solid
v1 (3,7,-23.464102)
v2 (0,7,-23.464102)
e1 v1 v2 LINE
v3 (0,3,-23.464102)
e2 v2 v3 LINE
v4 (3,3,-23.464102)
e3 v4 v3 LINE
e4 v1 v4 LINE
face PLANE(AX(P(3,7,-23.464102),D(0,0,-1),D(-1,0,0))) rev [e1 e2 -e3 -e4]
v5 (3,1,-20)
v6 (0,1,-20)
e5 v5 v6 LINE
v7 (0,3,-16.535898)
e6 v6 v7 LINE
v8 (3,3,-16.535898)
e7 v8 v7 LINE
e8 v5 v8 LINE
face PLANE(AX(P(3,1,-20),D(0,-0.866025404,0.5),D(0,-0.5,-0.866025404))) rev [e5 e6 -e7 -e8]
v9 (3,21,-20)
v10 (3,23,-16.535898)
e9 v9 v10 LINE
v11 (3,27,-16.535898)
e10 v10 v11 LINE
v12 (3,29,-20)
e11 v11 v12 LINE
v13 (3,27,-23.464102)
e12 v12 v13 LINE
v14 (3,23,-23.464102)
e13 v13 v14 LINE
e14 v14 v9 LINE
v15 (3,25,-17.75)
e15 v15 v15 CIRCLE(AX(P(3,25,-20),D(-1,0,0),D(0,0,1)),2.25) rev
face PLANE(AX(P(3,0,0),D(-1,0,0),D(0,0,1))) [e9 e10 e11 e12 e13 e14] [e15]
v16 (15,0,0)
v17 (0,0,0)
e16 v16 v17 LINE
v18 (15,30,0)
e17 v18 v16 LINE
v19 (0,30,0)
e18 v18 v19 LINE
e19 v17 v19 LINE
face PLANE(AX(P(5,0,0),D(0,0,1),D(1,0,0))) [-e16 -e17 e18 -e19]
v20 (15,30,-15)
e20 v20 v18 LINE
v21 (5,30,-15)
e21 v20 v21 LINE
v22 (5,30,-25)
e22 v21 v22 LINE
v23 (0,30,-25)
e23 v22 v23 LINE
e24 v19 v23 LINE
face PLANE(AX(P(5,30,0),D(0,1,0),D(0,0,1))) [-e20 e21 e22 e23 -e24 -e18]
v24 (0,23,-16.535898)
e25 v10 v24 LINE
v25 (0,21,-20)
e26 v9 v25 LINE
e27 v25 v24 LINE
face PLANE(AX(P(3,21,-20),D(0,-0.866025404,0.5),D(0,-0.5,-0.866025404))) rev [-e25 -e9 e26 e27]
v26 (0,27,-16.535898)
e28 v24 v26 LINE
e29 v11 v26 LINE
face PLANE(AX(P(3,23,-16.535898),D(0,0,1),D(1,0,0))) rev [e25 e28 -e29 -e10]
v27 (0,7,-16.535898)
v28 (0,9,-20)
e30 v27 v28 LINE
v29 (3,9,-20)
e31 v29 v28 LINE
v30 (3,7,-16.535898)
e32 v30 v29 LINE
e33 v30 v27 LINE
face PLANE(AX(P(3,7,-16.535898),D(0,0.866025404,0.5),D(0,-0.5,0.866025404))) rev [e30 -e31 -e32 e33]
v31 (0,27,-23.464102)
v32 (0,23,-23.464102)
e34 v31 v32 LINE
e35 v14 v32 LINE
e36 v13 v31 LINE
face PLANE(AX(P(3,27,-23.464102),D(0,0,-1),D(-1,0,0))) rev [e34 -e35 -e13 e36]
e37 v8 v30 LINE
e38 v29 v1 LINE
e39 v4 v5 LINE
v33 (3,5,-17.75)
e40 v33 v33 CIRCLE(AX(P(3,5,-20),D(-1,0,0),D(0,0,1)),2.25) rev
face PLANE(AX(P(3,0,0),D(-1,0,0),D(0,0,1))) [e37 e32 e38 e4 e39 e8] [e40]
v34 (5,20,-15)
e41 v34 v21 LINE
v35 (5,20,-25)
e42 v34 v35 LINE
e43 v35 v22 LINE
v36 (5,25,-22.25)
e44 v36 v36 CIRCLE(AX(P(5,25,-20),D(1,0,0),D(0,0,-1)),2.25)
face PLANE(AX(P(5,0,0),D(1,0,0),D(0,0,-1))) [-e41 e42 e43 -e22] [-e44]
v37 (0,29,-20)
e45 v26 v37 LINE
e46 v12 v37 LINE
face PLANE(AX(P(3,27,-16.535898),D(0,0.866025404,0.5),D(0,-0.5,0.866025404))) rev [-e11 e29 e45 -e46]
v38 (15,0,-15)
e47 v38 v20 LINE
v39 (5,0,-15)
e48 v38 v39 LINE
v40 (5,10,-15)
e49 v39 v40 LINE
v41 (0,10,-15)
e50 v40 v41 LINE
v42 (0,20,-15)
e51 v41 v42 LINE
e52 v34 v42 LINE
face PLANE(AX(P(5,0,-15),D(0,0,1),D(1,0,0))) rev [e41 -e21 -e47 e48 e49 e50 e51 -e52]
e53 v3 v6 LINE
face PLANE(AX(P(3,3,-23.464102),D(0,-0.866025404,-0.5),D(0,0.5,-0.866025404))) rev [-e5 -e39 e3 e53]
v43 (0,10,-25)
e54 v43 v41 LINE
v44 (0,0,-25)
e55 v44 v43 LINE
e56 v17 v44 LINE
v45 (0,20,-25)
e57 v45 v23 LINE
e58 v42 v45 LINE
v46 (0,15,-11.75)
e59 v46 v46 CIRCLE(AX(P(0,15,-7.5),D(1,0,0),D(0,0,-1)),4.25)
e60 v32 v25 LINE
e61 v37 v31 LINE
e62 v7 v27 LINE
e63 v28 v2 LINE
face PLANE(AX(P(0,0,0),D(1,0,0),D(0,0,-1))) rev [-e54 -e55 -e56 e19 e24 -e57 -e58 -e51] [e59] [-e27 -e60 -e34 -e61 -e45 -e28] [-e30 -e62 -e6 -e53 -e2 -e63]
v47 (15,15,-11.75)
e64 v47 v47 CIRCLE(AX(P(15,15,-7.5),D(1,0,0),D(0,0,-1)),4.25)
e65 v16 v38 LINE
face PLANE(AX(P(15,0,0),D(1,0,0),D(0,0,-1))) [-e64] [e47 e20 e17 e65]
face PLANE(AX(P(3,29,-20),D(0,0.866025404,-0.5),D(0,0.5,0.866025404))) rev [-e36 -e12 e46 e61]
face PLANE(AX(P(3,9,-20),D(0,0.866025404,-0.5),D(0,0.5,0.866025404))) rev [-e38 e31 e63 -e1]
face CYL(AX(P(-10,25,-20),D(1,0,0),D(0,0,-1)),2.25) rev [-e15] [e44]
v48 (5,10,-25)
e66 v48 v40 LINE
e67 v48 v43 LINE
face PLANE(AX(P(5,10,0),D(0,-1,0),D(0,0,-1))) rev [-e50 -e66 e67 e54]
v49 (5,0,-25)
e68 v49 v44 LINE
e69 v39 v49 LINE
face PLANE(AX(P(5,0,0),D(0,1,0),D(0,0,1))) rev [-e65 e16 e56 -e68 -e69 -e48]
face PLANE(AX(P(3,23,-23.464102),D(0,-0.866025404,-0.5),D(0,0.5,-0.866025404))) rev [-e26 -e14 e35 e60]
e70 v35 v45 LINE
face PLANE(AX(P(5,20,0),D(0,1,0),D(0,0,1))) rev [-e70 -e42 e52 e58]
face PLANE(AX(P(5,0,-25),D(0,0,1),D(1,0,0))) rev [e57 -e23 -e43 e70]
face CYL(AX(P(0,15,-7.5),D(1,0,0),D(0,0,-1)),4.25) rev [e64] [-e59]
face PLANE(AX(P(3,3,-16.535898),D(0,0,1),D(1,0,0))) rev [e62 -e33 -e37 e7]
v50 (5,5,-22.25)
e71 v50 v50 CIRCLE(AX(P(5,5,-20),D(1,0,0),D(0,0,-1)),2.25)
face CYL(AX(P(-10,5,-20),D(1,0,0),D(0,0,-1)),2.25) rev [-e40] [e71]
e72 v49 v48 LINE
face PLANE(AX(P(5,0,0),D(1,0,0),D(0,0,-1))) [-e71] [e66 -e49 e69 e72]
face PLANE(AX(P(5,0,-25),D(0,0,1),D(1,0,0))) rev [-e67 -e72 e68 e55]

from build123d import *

# Parameters (mm, degrees)
BOSS_EXTRUDE1_DEPTH = 5
SKETCH2_W           = 15
SKETCH2_H           = 30
BOSS_EXTRUDE2_DEPTH = 10
SKETCH3_R           = 4.25
CUT_EXTRUDE1_DEPTH  = 15
SKETCH4_R           = 2.25
CUT_EXTRUDE2_DEPTH  = 15
CUT_EXTRUDE3_DEPTH  = 3


with BuildPart() as part:
    # Sketch1 → Boss-Extrude1 (new body)
    with BuildSketch(Plane(origin=(0, 0, 0), x_dir=(0, 0, -1), z_dir=(1, 0, 0))):
        Polygon((25, 0), (25, 10), (15, 10), (15, 20), (25, 20), (25, 30), (0, 30), (0, 0), align=None)
    extrude(amount=BOSS_EXTRUDE1_DEPTH)

    # Sketch2 → Boss-Extrude2 (add)
    with BuildSketch(Plane(origin=(5, 0, 0), x_dir=(0, 0, -1), z_dir=(1, 0, 0))):
        with Locations((7.5, 15)):
            Rectangle(SKETCH2_W, SKETCH2_H)
    extrude(amount=BOSS_EXTRUDE2_DEPTH)

    # Sketch3 → Cut-Extrude1 (cut)
    with BuildSketch(Plane(origin=(15, 0, 0), x_dir=(0, 0, -1), z_dir=(1, 0, 0))):
        with Locations((7.5, 15)):
            Circle(SKETCH3_R)
    extrude(amount=-CUT_EXTRUDE1_DEPTH, mode=Mode.SUBTRACT)

    # Sketch4 → Cut-Extrude2 (cut)
    with BuildSketch(Plane(origin=(5, 0, 0), x_dir=(0, 0, -1), z_dir=(1, 0, 0))):
        with Locations((20, 25)):
            Circle(SKETCH4_R)
        with Locations((20, 5)):
            Circle(SKETCH4_R)
    extrude(amount=-CUT_EXTRUDE2_DEPTH, mode=Mode.SUBTRACT)

    # Sketch5 → Cut-Extrude3 (cut)
    with BuildSketch(Plane.ZY):
        Polygon((-20, 29), (-23.464101615, 27), (-23.464101615, 23), (-20, 21), (-16.535898385, 23), (-16.535898385, 27), align=None)
        Polygon((-20, 9), (-23.464101615, 7), (-23.464101615, 3), (-20, 1), (-16.535898385, 3), (-16.535898385, 7), align=None)
    extrude(amount=-CUT_EXTRUDE3_DEPTH, mode=Mode.SUBTRACT)


solid = part.part
